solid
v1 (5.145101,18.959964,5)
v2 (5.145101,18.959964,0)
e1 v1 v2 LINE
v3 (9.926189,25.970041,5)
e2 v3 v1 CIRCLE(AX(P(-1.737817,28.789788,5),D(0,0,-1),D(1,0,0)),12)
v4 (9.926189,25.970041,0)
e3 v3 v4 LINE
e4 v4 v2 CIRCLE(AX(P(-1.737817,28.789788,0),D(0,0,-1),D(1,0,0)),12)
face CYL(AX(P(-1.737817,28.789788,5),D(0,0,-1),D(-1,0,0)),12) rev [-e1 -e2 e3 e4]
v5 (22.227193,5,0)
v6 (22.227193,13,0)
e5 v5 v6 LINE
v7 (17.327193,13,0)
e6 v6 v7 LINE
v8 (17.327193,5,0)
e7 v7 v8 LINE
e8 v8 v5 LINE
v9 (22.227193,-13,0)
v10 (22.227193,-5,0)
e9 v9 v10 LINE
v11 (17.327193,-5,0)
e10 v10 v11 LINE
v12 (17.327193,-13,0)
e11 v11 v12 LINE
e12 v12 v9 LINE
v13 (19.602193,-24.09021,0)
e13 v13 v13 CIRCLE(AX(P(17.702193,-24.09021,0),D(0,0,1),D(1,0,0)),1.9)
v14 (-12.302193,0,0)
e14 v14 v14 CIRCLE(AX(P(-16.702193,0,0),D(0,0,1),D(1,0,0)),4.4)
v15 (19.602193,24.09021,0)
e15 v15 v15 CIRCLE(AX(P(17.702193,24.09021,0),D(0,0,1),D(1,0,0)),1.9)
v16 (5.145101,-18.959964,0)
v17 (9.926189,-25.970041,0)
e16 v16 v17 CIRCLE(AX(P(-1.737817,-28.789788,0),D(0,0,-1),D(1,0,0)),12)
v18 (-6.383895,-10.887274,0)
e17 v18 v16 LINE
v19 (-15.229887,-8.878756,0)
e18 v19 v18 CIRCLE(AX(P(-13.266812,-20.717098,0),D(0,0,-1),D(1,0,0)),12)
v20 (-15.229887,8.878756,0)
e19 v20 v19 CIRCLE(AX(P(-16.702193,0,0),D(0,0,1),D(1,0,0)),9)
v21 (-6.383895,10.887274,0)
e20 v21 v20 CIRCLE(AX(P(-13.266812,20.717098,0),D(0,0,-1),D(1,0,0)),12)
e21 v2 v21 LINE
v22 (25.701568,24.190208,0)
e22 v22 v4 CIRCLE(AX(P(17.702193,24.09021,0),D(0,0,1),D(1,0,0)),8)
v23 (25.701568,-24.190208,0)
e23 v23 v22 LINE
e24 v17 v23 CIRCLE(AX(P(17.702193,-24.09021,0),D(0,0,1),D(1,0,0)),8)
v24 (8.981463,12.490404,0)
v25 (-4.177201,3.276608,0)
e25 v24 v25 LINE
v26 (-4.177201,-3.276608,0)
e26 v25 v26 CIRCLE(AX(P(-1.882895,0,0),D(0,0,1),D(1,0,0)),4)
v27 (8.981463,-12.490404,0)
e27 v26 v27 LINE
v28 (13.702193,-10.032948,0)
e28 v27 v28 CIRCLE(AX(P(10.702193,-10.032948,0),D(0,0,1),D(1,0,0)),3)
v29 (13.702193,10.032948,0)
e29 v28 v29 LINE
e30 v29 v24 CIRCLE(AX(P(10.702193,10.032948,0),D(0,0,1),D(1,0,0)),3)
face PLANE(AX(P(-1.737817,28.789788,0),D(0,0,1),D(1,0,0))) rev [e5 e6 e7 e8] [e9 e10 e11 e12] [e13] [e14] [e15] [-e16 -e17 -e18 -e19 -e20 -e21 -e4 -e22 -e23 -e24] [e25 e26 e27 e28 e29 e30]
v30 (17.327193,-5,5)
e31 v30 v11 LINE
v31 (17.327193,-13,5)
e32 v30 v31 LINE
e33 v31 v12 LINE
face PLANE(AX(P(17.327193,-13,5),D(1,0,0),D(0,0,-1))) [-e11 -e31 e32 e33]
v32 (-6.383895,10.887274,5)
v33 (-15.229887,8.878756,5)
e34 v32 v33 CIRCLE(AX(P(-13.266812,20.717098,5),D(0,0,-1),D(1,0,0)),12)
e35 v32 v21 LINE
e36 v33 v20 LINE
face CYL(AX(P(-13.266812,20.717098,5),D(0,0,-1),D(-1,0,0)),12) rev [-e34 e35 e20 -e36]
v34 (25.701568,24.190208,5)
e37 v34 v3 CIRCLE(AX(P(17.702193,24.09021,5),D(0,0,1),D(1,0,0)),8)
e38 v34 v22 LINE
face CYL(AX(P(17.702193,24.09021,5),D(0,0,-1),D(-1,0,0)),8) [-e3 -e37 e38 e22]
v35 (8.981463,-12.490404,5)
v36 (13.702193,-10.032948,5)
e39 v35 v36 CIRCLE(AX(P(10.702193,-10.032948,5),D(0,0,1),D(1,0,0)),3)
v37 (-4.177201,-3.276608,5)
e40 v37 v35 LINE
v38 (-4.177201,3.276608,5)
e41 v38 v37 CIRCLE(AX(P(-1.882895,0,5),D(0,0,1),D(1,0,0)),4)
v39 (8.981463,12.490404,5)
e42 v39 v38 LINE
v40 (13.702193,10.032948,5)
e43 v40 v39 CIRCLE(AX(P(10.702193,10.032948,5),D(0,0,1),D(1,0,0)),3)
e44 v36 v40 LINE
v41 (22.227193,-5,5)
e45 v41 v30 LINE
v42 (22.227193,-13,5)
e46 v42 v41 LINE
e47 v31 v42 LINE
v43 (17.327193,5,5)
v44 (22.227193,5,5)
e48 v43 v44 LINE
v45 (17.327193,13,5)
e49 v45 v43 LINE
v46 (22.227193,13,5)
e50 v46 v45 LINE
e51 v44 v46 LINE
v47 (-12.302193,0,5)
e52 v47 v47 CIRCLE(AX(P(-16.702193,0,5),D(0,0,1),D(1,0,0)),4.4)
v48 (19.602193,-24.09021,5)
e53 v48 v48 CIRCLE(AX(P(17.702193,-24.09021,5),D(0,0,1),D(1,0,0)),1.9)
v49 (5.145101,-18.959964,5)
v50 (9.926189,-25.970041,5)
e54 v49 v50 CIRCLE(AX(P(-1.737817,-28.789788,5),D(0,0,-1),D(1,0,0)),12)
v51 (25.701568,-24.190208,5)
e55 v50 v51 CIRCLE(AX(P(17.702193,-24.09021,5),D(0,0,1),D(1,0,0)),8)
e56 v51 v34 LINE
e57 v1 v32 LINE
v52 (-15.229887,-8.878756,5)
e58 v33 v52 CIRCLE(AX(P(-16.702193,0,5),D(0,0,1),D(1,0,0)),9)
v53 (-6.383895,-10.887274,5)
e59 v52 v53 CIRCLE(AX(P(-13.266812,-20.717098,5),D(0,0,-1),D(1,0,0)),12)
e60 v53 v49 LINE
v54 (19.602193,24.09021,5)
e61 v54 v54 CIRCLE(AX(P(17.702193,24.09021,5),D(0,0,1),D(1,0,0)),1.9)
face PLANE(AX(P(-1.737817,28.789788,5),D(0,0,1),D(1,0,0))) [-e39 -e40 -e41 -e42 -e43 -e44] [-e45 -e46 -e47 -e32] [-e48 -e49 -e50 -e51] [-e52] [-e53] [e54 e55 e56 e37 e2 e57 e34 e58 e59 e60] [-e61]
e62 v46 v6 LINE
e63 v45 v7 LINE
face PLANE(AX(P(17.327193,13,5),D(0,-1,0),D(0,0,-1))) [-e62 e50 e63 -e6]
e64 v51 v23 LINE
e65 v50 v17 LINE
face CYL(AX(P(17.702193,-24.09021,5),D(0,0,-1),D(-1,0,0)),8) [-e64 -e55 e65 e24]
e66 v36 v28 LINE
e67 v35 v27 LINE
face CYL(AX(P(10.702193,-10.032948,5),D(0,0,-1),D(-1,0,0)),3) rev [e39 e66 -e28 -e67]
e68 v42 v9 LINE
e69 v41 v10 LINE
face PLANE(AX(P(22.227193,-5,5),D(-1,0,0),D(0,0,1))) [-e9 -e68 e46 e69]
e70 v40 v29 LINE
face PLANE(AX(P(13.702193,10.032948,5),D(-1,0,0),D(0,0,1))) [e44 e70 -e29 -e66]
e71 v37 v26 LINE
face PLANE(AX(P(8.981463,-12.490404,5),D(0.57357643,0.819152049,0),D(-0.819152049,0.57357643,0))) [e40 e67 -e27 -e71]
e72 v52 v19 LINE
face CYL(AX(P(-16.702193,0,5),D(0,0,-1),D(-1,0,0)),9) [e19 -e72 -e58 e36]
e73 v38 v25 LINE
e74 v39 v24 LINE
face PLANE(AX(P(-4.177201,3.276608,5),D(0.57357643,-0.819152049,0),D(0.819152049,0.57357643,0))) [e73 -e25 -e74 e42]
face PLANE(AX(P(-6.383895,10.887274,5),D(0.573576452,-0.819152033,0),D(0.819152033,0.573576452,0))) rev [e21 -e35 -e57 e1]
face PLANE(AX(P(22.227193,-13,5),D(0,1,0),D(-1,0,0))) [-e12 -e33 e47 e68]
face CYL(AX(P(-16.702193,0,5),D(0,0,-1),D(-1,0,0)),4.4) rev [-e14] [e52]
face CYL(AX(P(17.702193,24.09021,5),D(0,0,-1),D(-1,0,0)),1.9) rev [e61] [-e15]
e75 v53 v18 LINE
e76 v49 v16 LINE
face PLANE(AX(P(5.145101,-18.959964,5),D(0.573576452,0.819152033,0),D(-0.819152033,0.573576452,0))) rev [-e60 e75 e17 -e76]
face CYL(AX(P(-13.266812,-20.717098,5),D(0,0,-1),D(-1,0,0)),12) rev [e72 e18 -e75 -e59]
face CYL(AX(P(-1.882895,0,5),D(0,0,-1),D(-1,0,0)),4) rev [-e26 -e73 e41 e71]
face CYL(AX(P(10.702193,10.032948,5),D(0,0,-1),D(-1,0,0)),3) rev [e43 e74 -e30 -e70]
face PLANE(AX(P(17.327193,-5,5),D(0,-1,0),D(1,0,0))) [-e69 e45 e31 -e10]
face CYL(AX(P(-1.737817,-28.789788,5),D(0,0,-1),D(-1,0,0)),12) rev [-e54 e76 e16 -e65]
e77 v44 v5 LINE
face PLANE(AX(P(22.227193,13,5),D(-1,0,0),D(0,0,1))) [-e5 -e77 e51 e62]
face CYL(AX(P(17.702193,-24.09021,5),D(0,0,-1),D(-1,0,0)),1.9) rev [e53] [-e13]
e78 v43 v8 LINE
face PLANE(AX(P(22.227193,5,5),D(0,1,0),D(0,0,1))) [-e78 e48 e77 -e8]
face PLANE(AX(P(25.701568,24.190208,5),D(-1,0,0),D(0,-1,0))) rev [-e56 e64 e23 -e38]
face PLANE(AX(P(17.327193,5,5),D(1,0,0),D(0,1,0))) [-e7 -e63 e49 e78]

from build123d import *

# Parameters (mm, degrees)
ESQUISSE1_R        = 1.9
ESQUISSE1_R_2      = 4.4
ESQUISSE1_W        = 4.89999982
ESQUISSE1_H        = 8.00000038
BOSS_EXTRU_1_DEPTH = 5


with BuildPart() as part:
    # Esquisse1 → Boss.-Extru.1 (new body)
    with BuildSketch(Plane.XY):
        with BuildLine():
            Line((25.70156774, 24.190208374), (25.70156774, -24.190208374))
            ThreePointArc((25.70156774, -24.190208374), (18.599090239, -32.039774771), (9.926188952, -25.970041455))
            ThreePointArc((9.926188952, -25.970041455), (8.175930594, -22.028307987), (5.145100617, -18.959963694))
            Line((5.145100617, -18.959963694), (-6.383895202, -10.887273587))
            ThreePointArc((-6.383895202, -10.887273587), (-10.60979376, -9.014950874), (-15.229887052, -8.87875638))
            ThreePointArc((-15.229887052, -8.87875638), (-25.702193121, 0), (-15.229887052, 8.87875638))
            ThreePointArc((-15.229887052, 8.87875638), (-10.60979376, 9.014950873), (-6.383895202, 10.887273587))
            Line((-6.383895202, 10.887273587), (5.145100617, 18.959963694))
            ThreePointArc((5.145100617, 18.959963694), (8.175930651, 22.028307983), (9.926189014, 25.970041482))
            ThreePointArc((9.926189014, 25.970041482), (18.59909026, 32.03977477), (25.70156774, 24.190208374))
        make_face()
        with Locations((17.70219274, 24.090210327)):
            Circle(ESQUISSE1_R, mode=Mode.SUBTRACT)
        with Locations((17.70219274, -24.090210327)):
            Circle(ESQUISSE1_R, mode=Mode.SUBTRACT)
        with Locations((-16.70219312, 0)):
            Circle(ESQUISSE1_R_2, mode=Mode.SUBTRACT)
        with BuildLine():
            Line((8.98146324, -12.490403838), (-4.177200867, -3.276608186))
            ThreePointArc((-4.177200867, -3.276608186), (-5.882895134, 0), (-4.177200867, 3.276608186))
            Line((-4.177200867, 3.276608186), (8.98146324, 12.490403838))
            ThreePointArc((8.98146324, 12.490403838), (12.087438212, 12.693980299), (13.70219255, 10.032948107))
            Line((13.70219255, 10.032948107), (13.70219255, -10.032948107))
            ThreePointArc((13.70219255, -10.032948107), (12.087438212, -12.693980299), (8.98146324, -12.490403838))
        make_face(mode=Mode.SUBTRACT)
        with Locations((19.777192636, 9.000000078)):
            Rectangle(ESQUISSE1_W, ESQUISSE1_H, mode=Mode.SUBTRACT)
        with Locations((19.777192636, -9.000000078)):
            Rectangle(ESQUISSE1_W, ESQUISSE1_H, mode=Mode.SUBTRACT)
    extrude(amount=BOSS_EXTRU_1_DEPTH)


solid = part.part
